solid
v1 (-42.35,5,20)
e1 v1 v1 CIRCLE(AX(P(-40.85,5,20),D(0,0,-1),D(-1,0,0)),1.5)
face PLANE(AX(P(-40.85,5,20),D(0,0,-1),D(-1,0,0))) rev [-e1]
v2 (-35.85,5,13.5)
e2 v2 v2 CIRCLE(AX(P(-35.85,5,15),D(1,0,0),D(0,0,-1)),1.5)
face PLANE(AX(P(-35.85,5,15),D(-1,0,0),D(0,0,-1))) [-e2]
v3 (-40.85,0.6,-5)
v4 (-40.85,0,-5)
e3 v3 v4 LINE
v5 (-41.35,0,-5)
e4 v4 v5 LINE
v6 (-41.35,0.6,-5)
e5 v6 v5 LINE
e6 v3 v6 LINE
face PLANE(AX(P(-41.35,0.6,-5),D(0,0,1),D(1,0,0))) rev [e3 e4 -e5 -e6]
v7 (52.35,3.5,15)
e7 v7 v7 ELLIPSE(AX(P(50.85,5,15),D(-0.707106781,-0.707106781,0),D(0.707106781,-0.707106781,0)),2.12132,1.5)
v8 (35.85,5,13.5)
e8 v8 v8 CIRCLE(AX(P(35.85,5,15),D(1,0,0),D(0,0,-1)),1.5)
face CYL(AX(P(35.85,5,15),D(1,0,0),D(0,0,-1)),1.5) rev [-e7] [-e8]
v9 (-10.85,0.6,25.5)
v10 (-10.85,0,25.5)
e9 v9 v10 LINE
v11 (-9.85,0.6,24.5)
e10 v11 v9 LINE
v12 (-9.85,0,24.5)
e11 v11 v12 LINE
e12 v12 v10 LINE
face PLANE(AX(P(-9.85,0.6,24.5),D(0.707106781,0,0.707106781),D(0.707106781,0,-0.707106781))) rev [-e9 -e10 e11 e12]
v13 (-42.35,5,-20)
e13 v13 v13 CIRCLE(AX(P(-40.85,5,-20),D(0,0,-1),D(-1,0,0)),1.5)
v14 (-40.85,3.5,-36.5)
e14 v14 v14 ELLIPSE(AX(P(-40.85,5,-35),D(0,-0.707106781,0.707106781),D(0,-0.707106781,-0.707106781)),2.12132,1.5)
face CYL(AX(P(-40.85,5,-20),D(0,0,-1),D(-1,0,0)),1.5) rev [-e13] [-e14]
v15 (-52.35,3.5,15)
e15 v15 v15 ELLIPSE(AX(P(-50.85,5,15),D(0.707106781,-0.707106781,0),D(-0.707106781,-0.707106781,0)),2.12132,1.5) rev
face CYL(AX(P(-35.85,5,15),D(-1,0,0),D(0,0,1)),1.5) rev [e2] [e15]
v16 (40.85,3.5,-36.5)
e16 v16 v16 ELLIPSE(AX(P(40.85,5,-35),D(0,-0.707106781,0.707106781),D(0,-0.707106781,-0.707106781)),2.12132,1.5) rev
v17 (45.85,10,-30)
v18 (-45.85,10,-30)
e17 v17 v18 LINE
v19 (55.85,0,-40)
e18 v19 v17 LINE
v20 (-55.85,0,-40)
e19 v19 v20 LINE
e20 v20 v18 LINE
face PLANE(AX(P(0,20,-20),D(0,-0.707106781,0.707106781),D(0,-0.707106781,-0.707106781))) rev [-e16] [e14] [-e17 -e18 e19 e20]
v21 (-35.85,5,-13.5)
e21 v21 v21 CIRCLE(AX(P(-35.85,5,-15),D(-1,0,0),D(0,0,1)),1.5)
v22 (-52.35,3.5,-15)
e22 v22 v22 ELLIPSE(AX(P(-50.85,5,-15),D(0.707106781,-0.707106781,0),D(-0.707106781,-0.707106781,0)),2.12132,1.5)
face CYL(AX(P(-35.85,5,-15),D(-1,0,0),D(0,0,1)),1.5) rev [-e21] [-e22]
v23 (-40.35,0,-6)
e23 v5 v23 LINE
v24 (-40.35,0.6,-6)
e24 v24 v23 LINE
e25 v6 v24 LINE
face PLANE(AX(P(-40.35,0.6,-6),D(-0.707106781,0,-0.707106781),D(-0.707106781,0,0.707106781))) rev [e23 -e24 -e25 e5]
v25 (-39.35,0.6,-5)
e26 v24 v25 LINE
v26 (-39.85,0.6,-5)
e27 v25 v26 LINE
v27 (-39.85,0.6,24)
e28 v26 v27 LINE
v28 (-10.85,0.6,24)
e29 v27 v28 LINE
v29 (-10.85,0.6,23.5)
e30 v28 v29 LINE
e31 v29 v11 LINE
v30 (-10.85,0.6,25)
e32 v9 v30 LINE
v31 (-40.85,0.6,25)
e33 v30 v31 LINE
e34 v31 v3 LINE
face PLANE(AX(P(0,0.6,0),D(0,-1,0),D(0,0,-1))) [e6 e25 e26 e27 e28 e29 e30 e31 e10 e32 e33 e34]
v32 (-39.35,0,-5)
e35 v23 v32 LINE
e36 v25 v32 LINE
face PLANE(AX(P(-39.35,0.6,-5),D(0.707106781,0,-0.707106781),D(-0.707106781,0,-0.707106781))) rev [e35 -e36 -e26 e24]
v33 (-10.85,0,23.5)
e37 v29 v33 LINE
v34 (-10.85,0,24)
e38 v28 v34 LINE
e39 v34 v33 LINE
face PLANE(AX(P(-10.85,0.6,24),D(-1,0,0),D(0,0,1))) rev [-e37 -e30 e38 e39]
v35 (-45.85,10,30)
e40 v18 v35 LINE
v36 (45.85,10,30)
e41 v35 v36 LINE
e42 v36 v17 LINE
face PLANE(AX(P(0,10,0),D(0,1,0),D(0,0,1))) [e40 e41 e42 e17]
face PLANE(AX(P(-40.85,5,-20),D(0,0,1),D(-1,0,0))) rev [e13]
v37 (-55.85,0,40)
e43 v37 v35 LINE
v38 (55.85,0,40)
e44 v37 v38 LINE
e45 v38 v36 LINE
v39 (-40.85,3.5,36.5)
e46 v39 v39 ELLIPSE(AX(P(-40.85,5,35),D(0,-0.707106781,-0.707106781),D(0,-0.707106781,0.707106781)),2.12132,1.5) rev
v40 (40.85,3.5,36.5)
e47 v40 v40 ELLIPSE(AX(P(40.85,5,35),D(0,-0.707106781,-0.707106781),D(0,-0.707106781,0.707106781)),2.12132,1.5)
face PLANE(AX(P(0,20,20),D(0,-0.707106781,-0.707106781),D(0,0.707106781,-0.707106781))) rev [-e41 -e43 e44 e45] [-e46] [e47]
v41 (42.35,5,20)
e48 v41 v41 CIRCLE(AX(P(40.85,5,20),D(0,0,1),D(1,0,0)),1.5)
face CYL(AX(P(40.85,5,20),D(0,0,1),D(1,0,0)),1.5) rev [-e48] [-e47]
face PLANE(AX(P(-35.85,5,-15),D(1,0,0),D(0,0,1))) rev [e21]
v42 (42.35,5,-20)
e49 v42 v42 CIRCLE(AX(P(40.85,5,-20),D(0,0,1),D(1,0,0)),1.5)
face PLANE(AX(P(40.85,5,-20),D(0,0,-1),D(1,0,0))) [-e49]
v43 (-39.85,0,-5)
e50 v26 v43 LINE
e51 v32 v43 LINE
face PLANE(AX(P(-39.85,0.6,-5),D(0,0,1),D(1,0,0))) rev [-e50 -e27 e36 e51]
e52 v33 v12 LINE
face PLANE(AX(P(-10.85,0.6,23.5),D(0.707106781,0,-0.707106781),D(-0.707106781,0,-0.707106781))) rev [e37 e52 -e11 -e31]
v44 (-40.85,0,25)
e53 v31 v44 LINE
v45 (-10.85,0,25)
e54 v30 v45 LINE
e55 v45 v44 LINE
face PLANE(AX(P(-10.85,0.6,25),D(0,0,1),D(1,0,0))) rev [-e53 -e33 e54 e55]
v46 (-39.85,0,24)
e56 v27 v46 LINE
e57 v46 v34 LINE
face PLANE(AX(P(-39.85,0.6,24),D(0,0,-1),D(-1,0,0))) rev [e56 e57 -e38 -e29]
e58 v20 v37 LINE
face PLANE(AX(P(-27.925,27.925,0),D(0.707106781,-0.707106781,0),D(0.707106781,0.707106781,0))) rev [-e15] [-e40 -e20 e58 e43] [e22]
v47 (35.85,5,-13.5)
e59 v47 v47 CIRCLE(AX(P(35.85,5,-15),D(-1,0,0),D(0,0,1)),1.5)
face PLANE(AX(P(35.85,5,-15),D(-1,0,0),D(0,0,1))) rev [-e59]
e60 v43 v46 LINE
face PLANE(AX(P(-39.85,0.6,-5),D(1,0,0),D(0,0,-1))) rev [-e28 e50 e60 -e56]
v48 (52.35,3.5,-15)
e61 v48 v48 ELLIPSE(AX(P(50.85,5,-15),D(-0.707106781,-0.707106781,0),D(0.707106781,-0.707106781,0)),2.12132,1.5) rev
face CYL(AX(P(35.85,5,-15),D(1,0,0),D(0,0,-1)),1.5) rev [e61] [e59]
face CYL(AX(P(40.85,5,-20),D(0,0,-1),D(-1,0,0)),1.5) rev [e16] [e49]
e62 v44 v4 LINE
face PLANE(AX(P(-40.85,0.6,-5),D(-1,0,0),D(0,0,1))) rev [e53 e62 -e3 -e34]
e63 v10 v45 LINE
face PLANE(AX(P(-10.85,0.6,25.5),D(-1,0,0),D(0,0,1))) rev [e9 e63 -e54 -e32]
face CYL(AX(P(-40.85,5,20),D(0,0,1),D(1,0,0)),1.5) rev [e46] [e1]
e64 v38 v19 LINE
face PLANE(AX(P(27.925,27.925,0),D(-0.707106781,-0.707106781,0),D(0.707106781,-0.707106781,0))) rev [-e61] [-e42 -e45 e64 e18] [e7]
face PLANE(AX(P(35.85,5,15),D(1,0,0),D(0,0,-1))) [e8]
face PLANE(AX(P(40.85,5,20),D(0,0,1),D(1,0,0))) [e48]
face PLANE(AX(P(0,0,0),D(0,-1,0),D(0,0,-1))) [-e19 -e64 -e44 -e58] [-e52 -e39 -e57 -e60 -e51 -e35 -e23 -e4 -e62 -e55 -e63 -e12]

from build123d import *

# Parameters (mm, degrees)
SKETCH_3_R          = 1.5
CUT_EXTRUDE_1_DEPTH = 20
SKETCH_4_R          = 1.5
CUT_EXTRUDE_2_DEPTH = 20
CUT_EXTRUDE_3_DEPTH = 0.6


with BuildPart() as part:
    # Эскиз1 → По сечениям1 section 0
    with BuildSketch(Plane(origin=(0, 0, 0), x_dir=(1, 0, 0), z_dir=(0, 1, 0))):
        with BuildLine():
            Line((-55.85, -40), (55.85, -40))
            Line((55.85, -40), (55.85, 40))
            Line((55.85, 40), (-55.85, 40))
            Line((-55.85, 40), (-55.85, -40))
        make_face()
    # Эскиз2 → По сечениям1 section 1
    with BuildSketch(Plane(origin=(0, 10, 0), x_dir=(1, 0, 0), z_dir=(0, 1, 0))):
        with BuildLine():
            Line((45.85, 30), (-45.85, 30))
            Line((-45.85, 30), (-45.85, -30))
            Line((-45.85, -30), (45.85, -30))
            Line((45.85, -30), (45.85, 30))
        make_face()
    loft()

    # Эскиз3 → Вырез-Вытянуть1 (cut)
    with BuildSketch(Plane.XY.offset(40)):
        with Locations((40.85, 5)):
            Circle(SKETCH_3_R)
        with Locations(Location((-40.85, 5, 0), (0, 0, 270))):
            Circle(SKETCH_3_R)
    cut_extrude_1 = extrude(amount=-CUT_EXTRUDE_1_DEPTH, mode=Mode.SUBTRACT)

    # Зеркальное отражение1: Вырез-Вытянуть1 across plane
    add(cut_extrude_1.mirror(Plane.XY), mode=Mode.SUBTRACT)

    # Эскиз4 → Вырез-Вытянуть2 (cut)
    with BuildSketch(Plane(origin=(55.85, 0, 0), x_dir=(0, 0, -1), z_dir=(1, 0, 0))):
        with Locations((-15, 5)):
            Circle(SKETCH_4_R)
        with Locations(Location((15, 5, 0), (0, 0, 270))):
            Circle(SKETCH_4_R)
    cut_extrude_2 = extrude(amount=-CUT_EXTRUDE_2_DEPTH, mode=Mode.SUBTRACT)

    # Зеркальное отражение2: Вырез-Вытянуть2 across plane
    add(cut_extrude_2.mirror(Plane(origin=(0, 0, 0), x_dir=(0, 0, 1), z_dir=(1, 0, 0))), mode=Mode.SUBTRACT)

    # Эскиз5 → Вырез-Вытянуть3 (cut)
    with BuildSketch(Plane.XZ):
        Polygon((-10.85, 25), (-40.85, 25), (-40.85, -5), (-41.35, -5), (-40.35, -6), (-39.35, -5), (-39.85, -5), (-39.85, 24), (-10.85, 24), (-10.85, 23.5), (-9.85, 24.5), (-10.85, 25.5), align=None)
    extrude(amount=-CUT_EXTRUDE_3_DEPTH, mode=Mode.SUBTRACT)


solid = part.part
